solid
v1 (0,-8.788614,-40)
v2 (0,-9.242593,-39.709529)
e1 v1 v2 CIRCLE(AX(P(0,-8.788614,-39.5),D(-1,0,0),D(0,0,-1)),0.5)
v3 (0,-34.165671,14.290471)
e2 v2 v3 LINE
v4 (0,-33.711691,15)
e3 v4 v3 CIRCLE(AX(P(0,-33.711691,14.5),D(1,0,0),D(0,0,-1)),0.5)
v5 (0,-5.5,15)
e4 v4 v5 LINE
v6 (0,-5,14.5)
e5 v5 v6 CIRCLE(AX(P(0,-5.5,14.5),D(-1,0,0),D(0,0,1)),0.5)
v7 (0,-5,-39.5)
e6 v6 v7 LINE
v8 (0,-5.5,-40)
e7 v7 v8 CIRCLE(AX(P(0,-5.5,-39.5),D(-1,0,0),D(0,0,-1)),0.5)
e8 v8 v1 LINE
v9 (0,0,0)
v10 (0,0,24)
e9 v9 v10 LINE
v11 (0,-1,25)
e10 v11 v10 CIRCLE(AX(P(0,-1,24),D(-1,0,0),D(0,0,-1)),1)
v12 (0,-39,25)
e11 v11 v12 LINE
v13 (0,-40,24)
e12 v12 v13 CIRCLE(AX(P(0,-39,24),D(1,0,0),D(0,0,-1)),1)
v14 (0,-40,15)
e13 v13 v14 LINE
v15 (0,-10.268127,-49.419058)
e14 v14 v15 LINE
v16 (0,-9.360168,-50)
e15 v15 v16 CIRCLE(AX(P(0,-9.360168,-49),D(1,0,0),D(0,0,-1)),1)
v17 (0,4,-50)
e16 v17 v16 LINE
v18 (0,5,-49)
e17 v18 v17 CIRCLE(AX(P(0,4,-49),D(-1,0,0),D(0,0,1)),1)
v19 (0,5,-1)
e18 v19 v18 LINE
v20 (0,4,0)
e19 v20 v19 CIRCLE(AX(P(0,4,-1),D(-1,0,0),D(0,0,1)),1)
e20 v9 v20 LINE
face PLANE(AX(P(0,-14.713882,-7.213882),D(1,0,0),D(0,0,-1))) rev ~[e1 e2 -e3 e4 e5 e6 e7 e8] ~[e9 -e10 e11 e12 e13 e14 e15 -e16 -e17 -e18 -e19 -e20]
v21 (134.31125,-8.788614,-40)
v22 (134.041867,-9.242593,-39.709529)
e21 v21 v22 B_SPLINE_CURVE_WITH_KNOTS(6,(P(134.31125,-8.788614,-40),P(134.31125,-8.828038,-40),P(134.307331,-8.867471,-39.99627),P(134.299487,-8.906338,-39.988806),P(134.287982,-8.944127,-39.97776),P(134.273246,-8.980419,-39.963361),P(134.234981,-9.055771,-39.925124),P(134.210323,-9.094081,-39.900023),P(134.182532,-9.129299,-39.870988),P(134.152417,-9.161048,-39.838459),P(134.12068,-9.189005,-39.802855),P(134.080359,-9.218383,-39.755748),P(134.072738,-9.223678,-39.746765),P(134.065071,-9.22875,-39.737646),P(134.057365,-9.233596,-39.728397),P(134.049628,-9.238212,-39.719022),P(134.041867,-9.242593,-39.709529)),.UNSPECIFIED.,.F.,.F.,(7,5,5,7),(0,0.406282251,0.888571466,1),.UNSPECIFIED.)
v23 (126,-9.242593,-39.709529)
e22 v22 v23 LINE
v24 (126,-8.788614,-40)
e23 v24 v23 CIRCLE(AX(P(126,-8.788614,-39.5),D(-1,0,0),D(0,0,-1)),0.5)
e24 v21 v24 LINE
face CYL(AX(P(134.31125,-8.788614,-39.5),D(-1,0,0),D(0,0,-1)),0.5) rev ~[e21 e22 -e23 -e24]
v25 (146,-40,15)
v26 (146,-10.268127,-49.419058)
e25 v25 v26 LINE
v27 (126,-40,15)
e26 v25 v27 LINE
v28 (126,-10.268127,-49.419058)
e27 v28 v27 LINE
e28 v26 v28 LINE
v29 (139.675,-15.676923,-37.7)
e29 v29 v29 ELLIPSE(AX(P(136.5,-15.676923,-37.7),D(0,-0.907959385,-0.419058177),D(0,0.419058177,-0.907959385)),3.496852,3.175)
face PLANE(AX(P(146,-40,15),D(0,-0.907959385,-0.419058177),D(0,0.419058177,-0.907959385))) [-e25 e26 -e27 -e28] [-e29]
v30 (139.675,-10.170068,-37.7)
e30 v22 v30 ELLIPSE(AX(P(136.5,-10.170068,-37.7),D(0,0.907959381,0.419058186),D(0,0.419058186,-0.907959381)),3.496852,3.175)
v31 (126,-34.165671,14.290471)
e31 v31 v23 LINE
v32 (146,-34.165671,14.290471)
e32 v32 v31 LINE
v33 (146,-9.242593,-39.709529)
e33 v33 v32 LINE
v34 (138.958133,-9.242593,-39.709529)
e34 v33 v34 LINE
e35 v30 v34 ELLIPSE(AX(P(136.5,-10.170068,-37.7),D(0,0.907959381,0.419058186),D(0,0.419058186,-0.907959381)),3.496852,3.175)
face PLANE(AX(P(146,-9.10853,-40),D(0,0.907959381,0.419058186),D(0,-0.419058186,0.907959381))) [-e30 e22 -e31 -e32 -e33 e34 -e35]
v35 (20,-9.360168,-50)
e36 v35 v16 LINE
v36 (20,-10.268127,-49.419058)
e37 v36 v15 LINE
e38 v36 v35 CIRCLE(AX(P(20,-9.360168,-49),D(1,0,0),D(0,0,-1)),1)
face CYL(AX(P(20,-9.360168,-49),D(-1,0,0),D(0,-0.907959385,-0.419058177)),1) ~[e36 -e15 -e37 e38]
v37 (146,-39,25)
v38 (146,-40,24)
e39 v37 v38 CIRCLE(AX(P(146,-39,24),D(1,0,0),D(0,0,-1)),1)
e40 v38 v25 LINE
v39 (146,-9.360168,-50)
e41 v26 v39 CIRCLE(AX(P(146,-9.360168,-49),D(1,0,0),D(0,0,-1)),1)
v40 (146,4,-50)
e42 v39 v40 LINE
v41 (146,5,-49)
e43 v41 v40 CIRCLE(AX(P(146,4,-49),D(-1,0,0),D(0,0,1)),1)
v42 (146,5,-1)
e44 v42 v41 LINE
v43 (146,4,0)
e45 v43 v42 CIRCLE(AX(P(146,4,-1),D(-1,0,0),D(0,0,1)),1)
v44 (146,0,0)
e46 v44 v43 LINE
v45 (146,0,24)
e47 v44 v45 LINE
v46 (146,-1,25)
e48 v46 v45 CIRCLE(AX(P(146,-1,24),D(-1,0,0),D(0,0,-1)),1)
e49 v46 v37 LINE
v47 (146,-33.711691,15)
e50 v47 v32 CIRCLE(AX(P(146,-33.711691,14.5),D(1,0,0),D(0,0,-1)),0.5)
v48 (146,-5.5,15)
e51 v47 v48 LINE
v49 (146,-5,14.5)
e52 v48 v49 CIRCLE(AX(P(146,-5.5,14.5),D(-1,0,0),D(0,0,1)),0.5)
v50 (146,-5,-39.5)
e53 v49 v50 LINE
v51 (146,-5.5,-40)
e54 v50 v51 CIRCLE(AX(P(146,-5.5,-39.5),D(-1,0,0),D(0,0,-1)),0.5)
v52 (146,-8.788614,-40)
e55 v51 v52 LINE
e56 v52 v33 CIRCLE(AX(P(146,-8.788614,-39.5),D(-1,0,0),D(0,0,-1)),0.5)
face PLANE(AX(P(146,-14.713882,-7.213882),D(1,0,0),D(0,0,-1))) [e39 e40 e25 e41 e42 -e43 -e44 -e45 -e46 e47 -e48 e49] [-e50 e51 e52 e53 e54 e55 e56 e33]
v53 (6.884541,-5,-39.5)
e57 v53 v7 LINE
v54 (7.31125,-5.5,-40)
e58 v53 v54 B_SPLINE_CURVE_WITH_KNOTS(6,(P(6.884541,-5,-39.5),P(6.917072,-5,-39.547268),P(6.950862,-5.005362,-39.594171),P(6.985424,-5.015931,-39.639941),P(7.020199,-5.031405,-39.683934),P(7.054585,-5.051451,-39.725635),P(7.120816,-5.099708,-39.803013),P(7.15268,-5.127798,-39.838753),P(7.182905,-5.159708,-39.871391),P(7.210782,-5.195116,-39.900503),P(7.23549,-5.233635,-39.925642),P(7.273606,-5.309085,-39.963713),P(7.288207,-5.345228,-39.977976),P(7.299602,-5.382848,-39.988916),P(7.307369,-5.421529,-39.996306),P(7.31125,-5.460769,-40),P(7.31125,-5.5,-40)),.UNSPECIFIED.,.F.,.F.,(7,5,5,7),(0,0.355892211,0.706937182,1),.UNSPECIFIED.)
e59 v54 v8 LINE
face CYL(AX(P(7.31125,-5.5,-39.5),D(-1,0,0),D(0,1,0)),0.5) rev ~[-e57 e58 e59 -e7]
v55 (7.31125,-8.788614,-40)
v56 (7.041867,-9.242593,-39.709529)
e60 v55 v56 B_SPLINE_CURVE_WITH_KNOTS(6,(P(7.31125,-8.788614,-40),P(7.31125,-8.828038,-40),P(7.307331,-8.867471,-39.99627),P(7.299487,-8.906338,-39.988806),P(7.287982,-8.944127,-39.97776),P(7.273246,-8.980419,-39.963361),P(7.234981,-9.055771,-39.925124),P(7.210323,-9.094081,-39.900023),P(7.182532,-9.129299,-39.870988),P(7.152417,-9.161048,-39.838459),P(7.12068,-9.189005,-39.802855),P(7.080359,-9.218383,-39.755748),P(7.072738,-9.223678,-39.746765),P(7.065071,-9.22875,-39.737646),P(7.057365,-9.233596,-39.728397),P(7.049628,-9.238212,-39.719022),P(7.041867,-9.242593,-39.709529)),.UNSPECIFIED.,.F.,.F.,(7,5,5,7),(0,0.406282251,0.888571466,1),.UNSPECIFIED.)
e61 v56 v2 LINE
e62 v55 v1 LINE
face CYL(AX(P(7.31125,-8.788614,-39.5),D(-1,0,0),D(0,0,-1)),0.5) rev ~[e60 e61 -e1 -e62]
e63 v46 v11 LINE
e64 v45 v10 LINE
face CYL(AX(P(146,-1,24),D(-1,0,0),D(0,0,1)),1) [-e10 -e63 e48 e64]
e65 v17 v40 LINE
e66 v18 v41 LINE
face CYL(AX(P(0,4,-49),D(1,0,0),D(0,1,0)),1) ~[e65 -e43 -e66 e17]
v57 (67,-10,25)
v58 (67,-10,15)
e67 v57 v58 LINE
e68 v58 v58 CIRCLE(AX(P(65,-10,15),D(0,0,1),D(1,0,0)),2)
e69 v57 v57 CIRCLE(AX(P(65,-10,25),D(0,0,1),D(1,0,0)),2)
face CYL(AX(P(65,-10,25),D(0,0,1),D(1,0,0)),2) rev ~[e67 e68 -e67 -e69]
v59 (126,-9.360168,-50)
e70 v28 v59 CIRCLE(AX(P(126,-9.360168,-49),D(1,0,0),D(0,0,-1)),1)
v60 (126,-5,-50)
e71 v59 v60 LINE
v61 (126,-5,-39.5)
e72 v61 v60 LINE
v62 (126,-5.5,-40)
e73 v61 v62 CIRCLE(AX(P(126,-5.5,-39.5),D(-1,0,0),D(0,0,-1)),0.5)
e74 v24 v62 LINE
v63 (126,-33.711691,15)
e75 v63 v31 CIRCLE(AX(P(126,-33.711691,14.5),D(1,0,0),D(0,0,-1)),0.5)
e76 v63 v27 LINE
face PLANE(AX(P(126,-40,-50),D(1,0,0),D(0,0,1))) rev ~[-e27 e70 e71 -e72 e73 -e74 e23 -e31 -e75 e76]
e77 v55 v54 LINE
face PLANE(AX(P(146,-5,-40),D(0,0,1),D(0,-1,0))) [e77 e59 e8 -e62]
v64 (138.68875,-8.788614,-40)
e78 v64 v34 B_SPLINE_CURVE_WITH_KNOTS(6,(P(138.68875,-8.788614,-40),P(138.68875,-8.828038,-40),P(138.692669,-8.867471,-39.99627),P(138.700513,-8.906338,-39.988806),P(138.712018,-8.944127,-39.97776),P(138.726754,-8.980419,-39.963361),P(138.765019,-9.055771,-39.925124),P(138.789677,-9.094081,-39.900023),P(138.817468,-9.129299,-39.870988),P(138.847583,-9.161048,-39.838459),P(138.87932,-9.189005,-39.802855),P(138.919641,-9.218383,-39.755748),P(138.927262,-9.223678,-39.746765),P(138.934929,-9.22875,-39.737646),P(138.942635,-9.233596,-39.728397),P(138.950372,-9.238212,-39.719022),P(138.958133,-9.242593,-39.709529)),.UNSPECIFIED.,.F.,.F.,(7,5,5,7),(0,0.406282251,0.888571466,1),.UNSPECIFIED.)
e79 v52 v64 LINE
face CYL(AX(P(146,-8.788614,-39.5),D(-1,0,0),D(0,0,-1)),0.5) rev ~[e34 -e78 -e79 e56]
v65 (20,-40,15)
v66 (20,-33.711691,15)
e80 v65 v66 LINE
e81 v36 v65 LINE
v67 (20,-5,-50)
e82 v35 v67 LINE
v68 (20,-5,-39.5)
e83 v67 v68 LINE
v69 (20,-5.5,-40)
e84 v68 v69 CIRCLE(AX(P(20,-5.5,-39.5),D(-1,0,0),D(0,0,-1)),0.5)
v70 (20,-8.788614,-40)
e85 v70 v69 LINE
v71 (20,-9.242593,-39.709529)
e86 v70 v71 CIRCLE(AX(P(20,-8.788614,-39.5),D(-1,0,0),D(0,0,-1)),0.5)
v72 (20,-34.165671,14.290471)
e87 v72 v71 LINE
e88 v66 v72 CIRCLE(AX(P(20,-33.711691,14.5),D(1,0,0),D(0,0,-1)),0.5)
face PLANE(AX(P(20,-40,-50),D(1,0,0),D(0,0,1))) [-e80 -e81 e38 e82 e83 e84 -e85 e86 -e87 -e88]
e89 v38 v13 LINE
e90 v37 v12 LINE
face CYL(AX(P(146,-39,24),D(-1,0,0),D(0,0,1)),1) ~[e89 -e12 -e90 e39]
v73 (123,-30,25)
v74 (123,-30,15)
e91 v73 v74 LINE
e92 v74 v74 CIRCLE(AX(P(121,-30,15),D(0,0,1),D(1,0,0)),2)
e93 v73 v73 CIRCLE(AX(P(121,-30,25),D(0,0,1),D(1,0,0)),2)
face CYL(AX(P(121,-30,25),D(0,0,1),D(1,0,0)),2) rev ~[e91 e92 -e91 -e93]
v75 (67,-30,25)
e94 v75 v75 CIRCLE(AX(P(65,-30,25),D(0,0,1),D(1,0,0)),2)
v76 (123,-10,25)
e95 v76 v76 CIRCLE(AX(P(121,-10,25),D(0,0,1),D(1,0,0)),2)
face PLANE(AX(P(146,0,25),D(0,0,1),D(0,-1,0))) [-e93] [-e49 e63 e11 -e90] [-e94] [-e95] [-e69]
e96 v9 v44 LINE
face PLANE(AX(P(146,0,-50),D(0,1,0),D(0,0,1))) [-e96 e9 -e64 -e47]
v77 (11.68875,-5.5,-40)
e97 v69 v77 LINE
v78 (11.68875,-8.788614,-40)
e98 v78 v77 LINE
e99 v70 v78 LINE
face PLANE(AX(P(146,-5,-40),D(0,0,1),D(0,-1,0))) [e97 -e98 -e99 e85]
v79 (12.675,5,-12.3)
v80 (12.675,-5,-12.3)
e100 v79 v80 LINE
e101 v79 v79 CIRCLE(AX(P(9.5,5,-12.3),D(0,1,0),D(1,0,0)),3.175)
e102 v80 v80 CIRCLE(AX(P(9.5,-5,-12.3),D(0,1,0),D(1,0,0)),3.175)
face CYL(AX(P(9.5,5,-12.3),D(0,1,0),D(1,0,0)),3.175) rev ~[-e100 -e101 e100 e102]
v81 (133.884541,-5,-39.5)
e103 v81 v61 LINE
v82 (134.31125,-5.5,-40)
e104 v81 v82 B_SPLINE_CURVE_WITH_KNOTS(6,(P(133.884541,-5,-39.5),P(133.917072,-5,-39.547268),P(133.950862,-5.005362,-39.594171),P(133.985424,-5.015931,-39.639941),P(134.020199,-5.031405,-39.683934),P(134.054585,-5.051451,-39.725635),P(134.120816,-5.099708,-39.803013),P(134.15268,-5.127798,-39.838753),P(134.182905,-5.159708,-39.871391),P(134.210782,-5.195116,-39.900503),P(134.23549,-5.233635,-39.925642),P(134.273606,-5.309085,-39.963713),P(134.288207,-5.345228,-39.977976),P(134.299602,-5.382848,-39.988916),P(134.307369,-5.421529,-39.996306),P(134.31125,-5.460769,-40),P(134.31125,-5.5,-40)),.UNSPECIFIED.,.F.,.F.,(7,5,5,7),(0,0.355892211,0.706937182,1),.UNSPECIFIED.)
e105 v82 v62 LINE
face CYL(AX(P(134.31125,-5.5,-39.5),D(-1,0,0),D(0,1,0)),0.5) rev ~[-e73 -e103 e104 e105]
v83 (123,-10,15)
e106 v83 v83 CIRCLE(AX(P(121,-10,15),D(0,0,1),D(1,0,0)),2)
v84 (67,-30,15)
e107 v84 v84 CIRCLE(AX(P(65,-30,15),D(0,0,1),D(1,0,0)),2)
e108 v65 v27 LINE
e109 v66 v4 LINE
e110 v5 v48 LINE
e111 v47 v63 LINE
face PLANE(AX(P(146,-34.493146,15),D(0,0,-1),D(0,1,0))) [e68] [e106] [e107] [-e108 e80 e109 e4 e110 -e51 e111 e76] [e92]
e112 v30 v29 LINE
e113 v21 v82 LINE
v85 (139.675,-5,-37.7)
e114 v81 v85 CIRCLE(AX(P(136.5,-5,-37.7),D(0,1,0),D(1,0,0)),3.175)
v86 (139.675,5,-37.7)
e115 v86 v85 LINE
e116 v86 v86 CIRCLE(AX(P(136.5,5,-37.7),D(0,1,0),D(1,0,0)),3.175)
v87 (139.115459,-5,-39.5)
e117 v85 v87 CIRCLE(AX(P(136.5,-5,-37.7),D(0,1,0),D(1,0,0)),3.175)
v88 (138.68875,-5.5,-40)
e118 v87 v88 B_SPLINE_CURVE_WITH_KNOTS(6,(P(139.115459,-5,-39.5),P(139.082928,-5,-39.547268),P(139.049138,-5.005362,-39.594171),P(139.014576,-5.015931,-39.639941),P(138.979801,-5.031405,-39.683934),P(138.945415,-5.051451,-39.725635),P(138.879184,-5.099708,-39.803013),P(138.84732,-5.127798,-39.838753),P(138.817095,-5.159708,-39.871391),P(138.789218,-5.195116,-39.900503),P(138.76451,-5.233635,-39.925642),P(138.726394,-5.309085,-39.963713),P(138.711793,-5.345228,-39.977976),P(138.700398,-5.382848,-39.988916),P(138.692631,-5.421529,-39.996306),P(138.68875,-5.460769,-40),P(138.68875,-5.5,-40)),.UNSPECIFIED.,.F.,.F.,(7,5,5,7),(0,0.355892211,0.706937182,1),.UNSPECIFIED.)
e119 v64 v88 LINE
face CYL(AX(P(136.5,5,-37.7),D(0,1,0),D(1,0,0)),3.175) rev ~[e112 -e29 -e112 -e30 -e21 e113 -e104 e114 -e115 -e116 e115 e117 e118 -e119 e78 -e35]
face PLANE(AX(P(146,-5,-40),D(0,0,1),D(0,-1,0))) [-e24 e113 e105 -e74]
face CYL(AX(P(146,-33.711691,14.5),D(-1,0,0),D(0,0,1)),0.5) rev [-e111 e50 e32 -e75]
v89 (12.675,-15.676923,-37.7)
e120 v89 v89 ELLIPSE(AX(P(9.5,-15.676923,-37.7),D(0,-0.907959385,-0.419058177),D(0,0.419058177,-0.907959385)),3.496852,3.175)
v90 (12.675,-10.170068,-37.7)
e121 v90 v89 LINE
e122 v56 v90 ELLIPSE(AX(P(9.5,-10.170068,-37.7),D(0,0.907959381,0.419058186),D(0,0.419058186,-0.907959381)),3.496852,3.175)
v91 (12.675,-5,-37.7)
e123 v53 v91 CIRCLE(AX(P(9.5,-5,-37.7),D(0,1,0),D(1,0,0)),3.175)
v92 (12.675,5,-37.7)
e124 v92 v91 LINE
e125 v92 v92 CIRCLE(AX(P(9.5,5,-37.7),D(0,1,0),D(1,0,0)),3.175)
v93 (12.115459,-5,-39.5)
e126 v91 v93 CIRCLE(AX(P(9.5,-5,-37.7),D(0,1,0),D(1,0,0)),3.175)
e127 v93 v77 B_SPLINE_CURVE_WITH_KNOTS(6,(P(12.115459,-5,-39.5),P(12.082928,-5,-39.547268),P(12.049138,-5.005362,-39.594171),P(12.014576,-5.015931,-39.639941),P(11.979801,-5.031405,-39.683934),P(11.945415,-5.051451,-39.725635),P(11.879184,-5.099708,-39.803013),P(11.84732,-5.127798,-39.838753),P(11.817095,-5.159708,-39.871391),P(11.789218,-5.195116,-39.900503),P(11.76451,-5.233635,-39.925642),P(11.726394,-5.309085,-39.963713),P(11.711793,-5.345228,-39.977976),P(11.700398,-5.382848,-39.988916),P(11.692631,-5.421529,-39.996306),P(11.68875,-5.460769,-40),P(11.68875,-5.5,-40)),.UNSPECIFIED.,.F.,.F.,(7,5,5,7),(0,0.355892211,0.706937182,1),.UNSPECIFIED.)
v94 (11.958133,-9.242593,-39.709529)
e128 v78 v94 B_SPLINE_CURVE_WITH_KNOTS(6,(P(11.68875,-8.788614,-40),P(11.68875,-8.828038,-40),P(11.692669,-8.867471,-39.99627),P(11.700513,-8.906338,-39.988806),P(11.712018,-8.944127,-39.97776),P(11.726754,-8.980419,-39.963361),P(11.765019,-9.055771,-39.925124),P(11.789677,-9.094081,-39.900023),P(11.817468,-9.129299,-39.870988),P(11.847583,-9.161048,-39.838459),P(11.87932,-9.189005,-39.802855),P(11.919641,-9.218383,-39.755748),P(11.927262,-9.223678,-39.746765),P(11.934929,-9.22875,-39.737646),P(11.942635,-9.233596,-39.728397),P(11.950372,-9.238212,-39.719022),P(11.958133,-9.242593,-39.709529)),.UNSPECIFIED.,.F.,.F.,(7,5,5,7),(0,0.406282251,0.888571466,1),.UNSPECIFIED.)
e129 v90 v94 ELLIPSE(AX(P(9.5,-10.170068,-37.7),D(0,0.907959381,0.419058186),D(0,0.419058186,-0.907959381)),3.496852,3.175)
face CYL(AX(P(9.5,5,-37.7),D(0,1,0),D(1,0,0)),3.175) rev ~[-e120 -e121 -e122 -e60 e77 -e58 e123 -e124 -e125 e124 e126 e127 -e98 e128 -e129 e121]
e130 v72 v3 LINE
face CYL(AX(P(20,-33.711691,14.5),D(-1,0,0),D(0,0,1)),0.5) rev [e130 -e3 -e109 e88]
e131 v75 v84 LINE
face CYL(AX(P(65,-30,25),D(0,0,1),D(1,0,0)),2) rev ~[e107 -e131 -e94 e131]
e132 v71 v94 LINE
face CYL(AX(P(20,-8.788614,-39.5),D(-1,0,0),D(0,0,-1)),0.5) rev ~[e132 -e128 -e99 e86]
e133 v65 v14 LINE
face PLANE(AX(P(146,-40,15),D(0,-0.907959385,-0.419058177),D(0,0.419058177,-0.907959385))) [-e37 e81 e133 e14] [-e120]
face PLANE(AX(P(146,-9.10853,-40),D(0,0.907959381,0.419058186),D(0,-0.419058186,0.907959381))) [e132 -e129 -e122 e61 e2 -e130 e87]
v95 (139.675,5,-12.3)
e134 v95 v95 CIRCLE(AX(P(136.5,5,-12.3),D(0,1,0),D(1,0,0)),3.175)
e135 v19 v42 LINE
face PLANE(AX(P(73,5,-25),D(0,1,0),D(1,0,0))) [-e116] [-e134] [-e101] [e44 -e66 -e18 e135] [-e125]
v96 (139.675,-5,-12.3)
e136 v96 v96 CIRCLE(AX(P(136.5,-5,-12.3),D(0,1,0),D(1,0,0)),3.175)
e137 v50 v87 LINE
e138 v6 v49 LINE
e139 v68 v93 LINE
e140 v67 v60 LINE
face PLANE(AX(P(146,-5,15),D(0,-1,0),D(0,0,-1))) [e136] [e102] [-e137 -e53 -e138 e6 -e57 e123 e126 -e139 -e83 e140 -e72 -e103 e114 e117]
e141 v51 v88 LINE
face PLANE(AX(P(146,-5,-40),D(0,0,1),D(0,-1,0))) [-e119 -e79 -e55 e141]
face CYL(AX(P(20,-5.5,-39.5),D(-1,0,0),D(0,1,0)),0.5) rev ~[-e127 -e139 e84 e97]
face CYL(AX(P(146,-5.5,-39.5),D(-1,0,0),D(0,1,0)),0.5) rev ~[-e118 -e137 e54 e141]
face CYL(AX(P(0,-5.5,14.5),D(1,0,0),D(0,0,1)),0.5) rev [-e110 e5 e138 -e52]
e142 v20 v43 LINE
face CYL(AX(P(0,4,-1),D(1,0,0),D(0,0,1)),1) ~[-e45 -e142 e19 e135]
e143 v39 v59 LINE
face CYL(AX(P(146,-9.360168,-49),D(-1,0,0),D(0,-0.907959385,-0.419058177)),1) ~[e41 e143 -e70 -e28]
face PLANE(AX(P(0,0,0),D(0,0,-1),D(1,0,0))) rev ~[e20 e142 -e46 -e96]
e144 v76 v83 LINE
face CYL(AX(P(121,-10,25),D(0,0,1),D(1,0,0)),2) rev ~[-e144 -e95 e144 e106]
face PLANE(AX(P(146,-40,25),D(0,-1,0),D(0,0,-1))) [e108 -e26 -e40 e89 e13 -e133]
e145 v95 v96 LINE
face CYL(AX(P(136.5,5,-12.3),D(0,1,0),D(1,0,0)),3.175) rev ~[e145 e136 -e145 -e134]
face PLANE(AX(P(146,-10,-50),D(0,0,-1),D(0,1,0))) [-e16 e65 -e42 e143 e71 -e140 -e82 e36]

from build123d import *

# Parameters (mm, degrees)
SKETCH1_W           = 146
SKETCH1_H           = 50
BOSS_EXTRUDE1_DEPTH = 5
BOSS_EXTRUDE2_DEPTH = 146
SKETCH4_R           = 3.175
CUT_EXTRUDE1_DEPTH  = 25
SKETCH11_R          = 2
CUT_EXTRUDE3_DEPTH  = 10
SKETCH13_W          = 106
SKETCH13_H          = 65
CUT_EXTRUDE5_DEPTH  = 35
FILLET1_R           = 0.5
FILLET2_R           = 1


with BuildPart() as part:
    # Sketch1 → Boss-Extrude1 (new body)
    with BuildSketch(Plane(origin=(0, 0, 0), x_dir=(1, 0, 0), z_dir=(0, 1, 0))):
        with Locations((73, 25)):
            Rectangle(SKETCH1_W, SKETCH1_H)
    extrude(amount=BOSS_EXTRUDE1_DEPTH)

    # Sketch10 → Boss-Extrude2 (add)
    with BuildSketch(Plane(origin=(146, 0, 0), x_dir=(0, 0, -1), z_dir=(1, 0, 0))):
        Polygon((-25, 0), (-25, -40), (-15, -40), (50, -10), (50, 0), align=None)
        Polygon((-15, -34.493146), (-15, -5), (40, -5), (40, -9.10853), align=None, mode=Mode.SUBTRACT)
    extrude(amount=-BOSS_EXTRUDE2_DEPTH)

    # Sketch4 → Cut-Extrude1 (cut)
    with BuildSketch(Plane(origin=(0, 5, 0), x_dir=(1, 0, 0), z_dir=(0, 1, 0))):
        with Locations((9.5, 37.7)):
            Circle(SKETCH4_R)
        with Locations((9.5, 12.3)):
            Circle(SKETCH4_R)
        with Locations((136.5, 12.3)):
            Circle(SKETCH4_R)
        with Locations((136.5, 37.7)):
            Circle(SKETCH4_R)
    extrude(amount=-CUT_EXTRUDE1_DEPTH, mode=Mode.SUBTRACT)

    # Sketch11 → Cut-Extrude3 (cut)
    with BuildSketch(Plane.XY.offset(25)):
        with Locations((121, -30)):
            Circle(SKETCH11_R)
        with Locations((65, -30)):
            Circle(SKETCH11_R)
        with Locations((65, -10)):
            Circle(SKETCH11_R)
        with Locations((121, -10)):
            Circle(SKETCH11_R)
    extrude(amount=-CUT_EXTRUDE3_DEPTH, mode=Mode.SUBTRACT)

    # Sketch13 → Cut-Extrude5 (cut)
    with BuildSketch(Plane.XZ.offset(40)):
        with Locations((73, -17.5)):
            Rectangle(SKETCH13_W, SKETCH13_H)
    extrude(amount=-CUT_EXTRUDE5_DEPTH, mode=Mode.SUBTRACT)

    # Fillet1
    fillet1_edges = [part.edges().sort_by_distance(p)[0] for p in [
        (73, -5, 15),
        (10, -34.493146, 15),
        (136, -34.493146, 15),
        (15.844375, -9.10853, -40),
        (15.844375, -5, -40),
        (130.155625, -9.10853, -40),
        (130.155625, -5, -40),
        (142.344375, -5, -40),
        (142.344375, -9.10853, -40),
        (3.655625, -5, -40),
        (3.655625, -9.10853, -40),
    ]]
    fillet(fillet1_edges, radius=FILLET1_R)

    # Fillet2
    fillet2_edges = [part.edges().sort_by_distance(p)[0] for p in [
        (73, 0, 25),
        (73, 5, -50),
        (10, -10, -50),
        (73, -40, 25),
        (73, 5, 0),
        (136, -10, -50),
    ]]
    fillet(fillet2_edges, radius=FILLET2_R)


solid = part.part
